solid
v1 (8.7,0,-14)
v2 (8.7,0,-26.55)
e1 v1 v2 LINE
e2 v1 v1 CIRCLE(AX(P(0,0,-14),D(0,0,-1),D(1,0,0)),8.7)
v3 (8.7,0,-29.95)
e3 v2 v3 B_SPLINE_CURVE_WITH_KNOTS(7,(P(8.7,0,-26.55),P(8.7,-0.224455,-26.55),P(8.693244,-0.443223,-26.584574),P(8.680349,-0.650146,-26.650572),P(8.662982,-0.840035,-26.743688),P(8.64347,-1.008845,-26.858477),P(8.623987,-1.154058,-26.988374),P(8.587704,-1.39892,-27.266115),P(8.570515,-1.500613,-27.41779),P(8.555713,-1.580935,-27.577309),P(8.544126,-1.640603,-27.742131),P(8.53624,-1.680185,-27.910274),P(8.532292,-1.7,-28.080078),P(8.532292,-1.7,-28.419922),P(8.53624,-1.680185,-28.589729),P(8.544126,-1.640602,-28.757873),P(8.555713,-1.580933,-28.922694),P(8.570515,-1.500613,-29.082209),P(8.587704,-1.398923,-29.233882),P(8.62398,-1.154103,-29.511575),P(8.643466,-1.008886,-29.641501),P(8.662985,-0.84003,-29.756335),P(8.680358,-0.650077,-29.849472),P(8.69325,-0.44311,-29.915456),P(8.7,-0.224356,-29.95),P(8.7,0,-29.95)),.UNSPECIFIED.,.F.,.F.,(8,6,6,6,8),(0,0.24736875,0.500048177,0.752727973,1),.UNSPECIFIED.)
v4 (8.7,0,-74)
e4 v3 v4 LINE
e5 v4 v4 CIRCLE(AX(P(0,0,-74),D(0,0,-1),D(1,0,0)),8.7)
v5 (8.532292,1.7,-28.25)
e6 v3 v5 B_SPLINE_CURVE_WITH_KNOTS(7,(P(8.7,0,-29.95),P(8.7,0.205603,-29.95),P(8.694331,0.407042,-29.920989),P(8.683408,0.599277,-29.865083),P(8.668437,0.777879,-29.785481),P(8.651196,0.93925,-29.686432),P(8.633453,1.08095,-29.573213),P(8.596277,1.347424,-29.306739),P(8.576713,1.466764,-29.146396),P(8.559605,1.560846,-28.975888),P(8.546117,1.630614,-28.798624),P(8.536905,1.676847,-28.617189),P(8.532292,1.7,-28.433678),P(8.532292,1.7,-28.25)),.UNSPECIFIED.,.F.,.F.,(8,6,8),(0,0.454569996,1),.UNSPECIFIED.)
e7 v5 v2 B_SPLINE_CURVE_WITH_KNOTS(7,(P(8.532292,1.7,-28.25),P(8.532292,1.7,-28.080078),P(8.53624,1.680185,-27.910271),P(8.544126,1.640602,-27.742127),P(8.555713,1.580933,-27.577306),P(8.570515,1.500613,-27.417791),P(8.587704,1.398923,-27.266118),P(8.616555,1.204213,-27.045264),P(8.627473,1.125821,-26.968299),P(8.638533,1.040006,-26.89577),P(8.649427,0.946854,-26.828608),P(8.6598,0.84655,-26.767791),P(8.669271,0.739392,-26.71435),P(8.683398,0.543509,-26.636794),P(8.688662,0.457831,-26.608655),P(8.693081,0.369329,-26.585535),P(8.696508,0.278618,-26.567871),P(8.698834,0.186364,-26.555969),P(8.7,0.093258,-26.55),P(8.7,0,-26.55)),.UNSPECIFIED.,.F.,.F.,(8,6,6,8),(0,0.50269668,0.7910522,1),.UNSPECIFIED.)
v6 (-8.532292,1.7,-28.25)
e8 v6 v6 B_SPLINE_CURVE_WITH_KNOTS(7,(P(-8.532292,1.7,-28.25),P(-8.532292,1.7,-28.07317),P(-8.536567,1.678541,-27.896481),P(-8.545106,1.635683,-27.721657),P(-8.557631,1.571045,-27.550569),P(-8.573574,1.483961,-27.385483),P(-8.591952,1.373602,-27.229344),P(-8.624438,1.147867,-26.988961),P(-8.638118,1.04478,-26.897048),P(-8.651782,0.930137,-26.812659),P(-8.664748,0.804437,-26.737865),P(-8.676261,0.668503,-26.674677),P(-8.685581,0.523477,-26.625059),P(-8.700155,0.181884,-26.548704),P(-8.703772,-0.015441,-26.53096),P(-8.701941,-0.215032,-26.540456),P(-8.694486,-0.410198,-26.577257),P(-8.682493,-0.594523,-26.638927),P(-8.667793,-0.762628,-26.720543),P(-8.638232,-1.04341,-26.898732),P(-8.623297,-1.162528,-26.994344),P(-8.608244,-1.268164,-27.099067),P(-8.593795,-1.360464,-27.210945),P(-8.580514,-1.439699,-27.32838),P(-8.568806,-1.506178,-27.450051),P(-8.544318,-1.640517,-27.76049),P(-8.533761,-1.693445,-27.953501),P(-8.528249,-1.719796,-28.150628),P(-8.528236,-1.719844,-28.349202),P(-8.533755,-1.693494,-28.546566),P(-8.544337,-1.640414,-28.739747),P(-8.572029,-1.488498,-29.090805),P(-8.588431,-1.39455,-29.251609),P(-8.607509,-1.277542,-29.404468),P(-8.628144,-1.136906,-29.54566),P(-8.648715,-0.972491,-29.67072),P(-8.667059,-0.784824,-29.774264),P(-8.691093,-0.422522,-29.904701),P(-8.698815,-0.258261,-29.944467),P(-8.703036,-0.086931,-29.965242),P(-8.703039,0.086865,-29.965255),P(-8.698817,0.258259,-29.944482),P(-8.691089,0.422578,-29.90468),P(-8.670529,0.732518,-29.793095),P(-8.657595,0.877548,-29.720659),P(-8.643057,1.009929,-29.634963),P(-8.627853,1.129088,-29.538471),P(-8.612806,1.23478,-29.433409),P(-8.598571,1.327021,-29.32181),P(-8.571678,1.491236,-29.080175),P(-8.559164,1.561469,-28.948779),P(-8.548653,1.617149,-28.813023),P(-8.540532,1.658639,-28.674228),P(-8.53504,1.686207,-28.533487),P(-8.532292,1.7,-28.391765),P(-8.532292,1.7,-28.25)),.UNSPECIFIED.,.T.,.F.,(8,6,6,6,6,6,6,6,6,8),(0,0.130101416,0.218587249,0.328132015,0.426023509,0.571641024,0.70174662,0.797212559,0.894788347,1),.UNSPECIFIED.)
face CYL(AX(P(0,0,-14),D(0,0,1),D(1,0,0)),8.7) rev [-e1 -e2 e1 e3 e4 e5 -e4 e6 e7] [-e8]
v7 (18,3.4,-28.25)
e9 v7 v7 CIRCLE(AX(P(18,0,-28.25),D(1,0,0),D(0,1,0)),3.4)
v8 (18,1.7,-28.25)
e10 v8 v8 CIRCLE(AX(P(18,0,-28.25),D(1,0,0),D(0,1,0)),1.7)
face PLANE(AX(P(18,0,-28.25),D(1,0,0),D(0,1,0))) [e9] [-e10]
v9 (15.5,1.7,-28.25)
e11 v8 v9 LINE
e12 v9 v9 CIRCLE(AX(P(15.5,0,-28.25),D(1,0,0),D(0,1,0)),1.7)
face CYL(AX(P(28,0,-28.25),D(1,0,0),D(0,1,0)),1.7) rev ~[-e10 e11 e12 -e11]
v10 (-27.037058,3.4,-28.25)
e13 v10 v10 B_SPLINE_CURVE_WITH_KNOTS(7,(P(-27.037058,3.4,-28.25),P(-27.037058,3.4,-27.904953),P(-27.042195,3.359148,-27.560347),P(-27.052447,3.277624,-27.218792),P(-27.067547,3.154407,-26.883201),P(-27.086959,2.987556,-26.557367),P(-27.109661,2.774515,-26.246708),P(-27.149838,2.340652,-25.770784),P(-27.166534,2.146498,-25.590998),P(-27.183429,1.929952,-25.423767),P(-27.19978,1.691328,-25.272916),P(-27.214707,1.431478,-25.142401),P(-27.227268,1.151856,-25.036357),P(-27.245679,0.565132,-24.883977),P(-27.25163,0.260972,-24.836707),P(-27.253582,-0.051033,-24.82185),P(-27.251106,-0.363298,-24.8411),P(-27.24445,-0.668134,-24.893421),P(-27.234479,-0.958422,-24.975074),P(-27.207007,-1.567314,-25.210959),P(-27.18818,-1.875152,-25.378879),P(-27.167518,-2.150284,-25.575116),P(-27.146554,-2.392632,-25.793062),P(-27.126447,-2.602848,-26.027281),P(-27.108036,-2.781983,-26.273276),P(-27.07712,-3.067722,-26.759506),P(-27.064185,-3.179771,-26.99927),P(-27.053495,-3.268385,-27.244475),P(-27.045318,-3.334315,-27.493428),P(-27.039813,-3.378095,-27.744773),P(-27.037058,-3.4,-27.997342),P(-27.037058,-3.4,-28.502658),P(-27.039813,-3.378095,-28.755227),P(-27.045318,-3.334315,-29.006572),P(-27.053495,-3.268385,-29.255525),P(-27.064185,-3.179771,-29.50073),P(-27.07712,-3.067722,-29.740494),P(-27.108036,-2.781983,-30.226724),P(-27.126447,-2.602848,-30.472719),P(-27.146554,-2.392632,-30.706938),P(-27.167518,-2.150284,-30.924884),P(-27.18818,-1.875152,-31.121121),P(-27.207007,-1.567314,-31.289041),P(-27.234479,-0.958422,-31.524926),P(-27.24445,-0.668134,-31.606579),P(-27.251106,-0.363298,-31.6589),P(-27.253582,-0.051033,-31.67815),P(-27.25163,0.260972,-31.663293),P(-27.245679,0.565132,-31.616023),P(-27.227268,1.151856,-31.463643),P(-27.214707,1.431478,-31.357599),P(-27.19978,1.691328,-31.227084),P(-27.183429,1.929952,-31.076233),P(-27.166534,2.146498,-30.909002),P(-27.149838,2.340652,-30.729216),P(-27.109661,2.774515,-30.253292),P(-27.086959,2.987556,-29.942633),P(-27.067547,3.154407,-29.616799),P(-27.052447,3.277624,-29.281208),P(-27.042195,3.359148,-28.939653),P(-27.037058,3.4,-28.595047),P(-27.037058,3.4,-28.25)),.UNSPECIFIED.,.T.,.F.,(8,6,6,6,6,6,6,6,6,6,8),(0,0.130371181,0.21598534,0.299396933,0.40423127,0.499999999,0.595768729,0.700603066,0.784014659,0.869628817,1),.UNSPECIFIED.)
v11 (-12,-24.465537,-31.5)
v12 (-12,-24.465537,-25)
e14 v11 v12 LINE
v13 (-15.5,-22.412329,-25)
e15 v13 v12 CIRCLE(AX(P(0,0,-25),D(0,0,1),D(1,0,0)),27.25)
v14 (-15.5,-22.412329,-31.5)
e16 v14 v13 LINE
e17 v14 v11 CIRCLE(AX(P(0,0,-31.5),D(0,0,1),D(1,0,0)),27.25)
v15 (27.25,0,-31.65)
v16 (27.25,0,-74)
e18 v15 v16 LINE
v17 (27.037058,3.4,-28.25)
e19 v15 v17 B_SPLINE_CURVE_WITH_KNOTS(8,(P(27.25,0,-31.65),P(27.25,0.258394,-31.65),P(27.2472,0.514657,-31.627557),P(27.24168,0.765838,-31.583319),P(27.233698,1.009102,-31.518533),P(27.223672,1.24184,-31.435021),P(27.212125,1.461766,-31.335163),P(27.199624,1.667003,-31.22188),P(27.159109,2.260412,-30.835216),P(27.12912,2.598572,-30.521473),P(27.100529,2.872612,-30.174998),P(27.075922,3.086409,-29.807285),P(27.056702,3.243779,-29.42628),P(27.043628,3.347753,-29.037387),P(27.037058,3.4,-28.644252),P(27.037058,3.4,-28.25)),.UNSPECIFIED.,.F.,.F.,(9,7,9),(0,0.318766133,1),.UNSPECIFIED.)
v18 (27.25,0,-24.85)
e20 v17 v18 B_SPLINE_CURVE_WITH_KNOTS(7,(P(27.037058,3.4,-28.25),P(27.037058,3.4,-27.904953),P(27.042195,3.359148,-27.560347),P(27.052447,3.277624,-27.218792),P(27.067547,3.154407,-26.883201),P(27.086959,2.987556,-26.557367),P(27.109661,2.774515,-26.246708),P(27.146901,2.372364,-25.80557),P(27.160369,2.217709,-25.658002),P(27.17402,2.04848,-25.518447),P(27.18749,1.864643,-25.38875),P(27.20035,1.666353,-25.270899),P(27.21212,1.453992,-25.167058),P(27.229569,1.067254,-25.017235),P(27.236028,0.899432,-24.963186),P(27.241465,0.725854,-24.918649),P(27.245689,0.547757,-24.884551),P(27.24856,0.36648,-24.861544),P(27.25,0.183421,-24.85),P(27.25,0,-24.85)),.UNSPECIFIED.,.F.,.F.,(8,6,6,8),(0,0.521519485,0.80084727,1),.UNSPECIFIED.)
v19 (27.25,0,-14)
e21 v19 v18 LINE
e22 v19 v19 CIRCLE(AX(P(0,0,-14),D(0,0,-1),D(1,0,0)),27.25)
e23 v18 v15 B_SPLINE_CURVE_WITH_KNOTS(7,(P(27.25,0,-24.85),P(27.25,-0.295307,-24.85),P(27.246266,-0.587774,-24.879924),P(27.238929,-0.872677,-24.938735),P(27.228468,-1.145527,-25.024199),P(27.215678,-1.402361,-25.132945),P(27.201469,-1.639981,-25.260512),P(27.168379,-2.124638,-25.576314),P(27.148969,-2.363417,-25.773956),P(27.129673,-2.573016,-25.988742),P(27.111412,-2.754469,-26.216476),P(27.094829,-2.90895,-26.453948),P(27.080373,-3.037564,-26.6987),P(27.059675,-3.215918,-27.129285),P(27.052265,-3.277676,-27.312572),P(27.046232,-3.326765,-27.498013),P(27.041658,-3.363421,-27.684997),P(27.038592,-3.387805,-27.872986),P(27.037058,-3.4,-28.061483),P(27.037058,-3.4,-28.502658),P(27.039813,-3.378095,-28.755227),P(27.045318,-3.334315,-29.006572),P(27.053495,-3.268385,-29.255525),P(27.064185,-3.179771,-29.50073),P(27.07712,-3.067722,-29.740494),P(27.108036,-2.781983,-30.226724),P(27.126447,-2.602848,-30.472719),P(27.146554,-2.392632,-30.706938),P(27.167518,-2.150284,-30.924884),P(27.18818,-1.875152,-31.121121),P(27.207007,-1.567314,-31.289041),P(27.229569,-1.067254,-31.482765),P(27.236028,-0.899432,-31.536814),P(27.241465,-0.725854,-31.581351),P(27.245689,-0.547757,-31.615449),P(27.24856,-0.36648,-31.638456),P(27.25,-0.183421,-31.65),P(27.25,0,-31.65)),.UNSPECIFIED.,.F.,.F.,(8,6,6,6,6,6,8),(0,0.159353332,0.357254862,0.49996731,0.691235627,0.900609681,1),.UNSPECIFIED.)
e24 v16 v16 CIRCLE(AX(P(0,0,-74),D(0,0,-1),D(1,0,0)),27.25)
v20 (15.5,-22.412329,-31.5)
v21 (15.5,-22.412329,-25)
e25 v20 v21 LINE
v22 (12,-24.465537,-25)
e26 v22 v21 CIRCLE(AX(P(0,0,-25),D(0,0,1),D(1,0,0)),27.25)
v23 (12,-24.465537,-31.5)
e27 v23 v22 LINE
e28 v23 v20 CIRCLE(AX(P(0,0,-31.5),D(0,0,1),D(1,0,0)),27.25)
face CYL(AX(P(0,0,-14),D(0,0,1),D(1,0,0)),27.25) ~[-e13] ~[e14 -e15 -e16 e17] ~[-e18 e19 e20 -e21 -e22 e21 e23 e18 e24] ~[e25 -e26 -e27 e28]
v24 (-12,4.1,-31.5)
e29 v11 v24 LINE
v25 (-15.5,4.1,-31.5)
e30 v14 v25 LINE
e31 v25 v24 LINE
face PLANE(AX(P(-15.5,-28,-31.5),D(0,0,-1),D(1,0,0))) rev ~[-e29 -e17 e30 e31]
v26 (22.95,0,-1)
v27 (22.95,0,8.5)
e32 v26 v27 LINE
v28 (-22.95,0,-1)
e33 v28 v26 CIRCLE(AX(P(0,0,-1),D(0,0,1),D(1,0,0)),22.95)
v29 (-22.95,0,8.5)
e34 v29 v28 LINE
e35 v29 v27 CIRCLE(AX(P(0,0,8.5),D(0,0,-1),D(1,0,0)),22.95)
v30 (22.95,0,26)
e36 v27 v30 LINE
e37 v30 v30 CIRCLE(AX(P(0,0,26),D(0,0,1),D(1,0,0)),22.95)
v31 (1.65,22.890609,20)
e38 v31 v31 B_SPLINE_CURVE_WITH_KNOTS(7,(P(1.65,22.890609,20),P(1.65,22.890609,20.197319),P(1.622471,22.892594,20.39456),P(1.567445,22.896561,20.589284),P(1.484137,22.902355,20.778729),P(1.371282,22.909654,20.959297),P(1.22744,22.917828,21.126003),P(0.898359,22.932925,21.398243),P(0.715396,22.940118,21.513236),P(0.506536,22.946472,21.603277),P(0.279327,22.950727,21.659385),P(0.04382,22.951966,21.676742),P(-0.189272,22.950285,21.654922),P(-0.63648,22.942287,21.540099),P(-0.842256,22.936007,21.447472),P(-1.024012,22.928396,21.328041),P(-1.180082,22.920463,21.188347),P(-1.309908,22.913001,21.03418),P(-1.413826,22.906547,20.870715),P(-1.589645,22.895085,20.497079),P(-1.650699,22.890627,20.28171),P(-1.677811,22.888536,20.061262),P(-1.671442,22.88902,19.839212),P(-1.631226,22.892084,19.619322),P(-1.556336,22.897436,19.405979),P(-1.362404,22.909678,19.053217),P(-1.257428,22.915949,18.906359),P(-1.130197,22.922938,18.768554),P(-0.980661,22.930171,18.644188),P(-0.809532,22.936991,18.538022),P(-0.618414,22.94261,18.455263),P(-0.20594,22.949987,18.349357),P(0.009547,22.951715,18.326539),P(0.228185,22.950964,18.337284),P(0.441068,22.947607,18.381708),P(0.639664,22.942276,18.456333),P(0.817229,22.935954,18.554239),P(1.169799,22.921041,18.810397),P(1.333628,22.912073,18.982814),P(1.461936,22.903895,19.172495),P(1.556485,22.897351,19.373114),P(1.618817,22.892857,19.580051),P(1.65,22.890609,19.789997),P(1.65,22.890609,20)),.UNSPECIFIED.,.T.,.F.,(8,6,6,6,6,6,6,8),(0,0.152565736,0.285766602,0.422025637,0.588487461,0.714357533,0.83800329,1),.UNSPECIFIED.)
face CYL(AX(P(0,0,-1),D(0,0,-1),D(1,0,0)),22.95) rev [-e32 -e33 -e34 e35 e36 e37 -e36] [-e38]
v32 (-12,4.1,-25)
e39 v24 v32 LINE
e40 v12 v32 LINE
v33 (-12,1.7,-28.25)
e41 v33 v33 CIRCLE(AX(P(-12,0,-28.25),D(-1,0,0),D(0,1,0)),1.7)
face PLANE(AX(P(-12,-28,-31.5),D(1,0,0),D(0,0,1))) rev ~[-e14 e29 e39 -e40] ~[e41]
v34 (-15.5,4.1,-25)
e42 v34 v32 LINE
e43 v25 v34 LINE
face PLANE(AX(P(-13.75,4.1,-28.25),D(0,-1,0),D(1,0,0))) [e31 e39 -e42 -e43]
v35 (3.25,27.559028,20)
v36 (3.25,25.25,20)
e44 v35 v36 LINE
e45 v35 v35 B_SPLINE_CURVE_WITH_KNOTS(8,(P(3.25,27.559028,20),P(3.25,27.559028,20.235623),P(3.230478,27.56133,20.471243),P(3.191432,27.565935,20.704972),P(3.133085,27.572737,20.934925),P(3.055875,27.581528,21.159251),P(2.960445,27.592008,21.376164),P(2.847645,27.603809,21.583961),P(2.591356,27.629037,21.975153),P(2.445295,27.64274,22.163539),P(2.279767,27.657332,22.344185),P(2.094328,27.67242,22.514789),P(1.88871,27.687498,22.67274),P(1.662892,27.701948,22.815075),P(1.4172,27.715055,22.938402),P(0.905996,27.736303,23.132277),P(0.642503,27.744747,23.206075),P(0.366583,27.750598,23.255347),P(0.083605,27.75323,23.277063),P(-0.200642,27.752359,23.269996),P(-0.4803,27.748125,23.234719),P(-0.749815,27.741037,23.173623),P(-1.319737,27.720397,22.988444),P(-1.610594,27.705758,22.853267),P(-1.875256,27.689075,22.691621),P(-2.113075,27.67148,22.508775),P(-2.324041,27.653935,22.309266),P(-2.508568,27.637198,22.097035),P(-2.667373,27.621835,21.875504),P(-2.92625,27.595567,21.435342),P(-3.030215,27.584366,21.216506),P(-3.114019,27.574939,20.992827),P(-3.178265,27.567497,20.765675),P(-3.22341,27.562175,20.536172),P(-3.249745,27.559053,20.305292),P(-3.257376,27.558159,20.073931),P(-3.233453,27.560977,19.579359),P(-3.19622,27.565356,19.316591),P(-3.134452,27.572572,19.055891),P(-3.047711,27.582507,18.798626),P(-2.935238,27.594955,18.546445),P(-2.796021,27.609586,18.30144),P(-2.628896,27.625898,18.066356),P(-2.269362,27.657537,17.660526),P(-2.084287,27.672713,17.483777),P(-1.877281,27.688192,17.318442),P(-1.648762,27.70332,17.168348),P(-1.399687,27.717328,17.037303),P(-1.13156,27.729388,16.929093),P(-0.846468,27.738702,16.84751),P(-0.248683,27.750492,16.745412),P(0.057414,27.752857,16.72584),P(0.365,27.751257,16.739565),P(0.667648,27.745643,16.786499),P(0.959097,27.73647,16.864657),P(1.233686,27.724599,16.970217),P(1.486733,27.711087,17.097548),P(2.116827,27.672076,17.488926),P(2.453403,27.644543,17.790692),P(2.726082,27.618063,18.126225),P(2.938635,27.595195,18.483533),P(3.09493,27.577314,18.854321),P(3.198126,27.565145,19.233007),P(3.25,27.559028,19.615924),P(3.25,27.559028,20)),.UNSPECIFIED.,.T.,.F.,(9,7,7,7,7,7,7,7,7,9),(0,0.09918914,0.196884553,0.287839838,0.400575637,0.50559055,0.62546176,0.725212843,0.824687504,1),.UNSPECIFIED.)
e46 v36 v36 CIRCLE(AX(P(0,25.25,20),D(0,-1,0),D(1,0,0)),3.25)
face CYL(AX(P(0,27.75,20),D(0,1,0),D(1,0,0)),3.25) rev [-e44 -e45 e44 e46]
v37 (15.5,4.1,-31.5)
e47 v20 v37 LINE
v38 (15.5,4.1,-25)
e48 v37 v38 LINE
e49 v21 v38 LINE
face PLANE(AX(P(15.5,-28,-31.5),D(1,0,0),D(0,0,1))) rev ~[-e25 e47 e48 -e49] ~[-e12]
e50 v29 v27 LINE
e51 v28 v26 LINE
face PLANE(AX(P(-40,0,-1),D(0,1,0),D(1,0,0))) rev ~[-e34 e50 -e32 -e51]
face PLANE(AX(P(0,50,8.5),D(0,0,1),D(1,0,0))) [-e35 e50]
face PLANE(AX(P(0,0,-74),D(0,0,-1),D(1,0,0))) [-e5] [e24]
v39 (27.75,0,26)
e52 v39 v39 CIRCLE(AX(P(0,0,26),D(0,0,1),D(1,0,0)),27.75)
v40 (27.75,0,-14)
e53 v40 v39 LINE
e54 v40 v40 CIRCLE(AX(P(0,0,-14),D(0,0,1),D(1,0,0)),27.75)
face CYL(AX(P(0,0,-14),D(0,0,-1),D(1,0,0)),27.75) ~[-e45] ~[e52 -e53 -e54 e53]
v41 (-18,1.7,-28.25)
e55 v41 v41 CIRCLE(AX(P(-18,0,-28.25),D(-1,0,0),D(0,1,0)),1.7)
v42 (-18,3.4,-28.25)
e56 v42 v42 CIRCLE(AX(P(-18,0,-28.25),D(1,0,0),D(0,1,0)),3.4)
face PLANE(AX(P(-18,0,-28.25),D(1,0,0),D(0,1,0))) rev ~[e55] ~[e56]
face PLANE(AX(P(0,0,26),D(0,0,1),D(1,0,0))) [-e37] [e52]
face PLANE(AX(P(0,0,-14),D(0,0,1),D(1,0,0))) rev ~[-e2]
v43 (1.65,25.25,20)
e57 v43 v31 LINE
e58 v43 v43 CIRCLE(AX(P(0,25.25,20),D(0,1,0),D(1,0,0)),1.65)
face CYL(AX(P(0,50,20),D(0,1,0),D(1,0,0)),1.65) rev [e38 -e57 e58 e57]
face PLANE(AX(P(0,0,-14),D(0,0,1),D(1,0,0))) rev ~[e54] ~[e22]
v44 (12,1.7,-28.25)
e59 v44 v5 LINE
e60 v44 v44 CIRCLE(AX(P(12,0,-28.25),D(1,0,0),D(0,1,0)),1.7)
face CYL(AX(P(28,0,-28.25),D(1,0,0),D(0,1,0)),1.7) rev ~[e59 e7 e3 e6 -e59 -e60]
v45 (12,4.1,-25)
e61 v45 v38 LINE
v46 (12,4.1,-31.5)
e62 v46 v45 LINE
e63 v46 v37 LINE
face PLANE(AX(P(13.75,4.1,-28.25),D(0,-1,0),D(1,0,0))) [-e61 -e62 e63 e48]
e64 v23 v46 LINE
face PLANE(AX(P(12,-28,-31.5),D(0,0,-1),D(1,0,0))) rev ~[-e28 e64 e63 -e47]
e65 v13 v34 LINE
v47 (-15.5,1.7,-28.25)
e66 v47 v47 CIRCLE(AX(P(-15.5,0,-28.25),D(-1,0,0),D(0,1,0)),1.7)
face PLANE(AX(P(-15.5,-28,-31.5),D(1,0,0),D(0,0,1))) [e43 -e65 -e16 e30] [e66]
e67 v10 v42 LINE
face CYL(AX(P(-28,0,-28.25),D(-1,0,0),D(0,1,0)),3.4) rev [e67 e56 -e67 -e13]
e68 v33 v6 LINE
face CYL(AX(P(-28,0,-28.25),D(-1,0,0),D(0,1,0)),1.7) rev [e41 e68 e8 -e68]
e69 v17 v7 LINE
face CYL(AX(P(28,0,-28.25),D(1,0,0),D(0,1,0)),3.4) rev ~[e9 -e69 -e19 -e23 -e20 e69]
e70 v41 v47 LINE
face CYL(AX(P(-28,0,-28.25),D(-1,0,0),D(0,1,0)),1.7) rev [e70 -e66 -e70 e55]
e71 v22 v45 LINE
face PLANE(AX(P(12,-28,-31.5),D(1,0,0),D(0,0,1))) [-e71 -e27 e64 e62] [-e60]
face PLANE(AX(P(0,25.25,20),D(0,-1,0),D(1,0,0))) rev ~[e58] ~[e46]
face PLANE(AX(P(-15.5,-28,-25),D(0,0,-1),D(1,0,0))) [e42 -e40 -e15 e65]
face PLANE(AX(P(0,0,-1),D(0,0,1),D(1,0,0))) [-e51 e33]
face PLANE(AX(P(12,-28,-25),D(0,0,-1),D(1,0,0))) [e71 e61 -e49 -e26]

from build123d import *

# Parameters (mm, degrees)
CYLINDER005_R     = 1.65
CYLINDER005_DEPTH = 50
CYLINDER006_R     = 3.25
CYLINDER006_DEPTH = 2.5
BOX001_W          = 80
BOX001_H          = 100
BOX001_DEPTH      = 9.5
CYLINDER003_R     = 22.95
CYLINDER003_DEPTH = 27
CYLINDER004_R     = 27.75
CYLINDER004_DEPTH = 40
SKETCH006_R       = 27.25
SKETCH006_R_2     = 8.7
PAD_DEPTH         = 60
SKETCH007_W       = 3.5
SKETCH007_H       = 6.5
POCKET007_DEPTH   = 32.1
SKETCH008_R       = 1.7
POCKET008_DEPTH   = 30
SKETCH009_R       = 3.4
POCKET009_DEPTH   = 10
SKETCH010_R       = 1.7
POCKET010_DEPTH   = 30
SKETCH011_R       = 3.4
POCKET011_DEPTH   = 10
SKETCH012_W       = 3.5
SKETCH012_H       = 6.5
POCKET012_DEPTH   = 32.1


with BuildPart() as cylinder:
    # Cylinder005 → Cylinder005 (new body)
    with BuildSketch(Plane(origin=(0, 50, 20), x_dir=(1, 0, 0), z_dir=(0, -1, 0))):
        Circle(CYLINDER005_R)
    extrude(amount=CYLINDER005_DEPTH)


with BuildPart() as cylinder006:
    # Cylinder006 → Cylinder006 (new body)
    with BuildSketch(Plane(origin=(0, 27.75, 20), x_dir=(1, 0, 0), z_dir=(0, -1, 0))):
        Circle(CYLINDER006_R)
    extrude(amount=CYLINDER006_DEPTH)


with BuildPart() as addcube:
    # Box001 → Box001 (new body)
    with BuildSketch(Plane(origin=(-40, 0, -1), x_dir=(1, 0, 0), z_dir=(0, 0, 1))):
        with Locations((40, 50)):
            Rectangle(BOX001_W, BOX001_H)
    extrude(amount=BOX001_DEPTH)


with BuildPart() as fusion003:
    # Cylinder003 → Cylinder003 (new body)
    with BuildSketch(Plane.XY.offset(-1)):
        Circle(CYLINDER003_R)
    extrude(amount=CYLINDER003_DEPTH)

    # Cut004: cut AddCube
    add(addcube.part, mode=Mode.SUBTRACT)

    # Fusion003: union Cylinder, Cylinder006
    add(cylinder.part)
    add(cylinder006.part)


with BuildPart() as mounttopole:
    # Cylinder004 → Cylinder004 (new body)
    with BuildSketch(Plane.XY.offset(-14)):
        Circle(CYLINDER004_R)
    extrude(amount=CYLINDER004_DEPTH)

    # Cut002: cut Fusion003
    add(fusion003.part, mode=Mode.SUBTRACT)

    # Sketch006 (on Face2 of BaseFeature002) → Pad (new body)
    with BuildSketch(Plane(origin=(0, 0, -14), x_dir=(1, 0, 0), z_dir=(0, 0, -1))):
        Circle(SKETCH006_R)
        Circle(SKETCH006_R_2, mode=Mode.SUBTRACT)
    extrude(amount=PAD_DEPTH)

    # Sketch007 → Pocket007 (cut)
    with BuildSketch(Plane.XZ.offset(28)):
        with Locations((13.75, -28.25)):
            Rectangle(SKETCH007_W, SKETCH007_H)
    extrude(amount=-POCKET007_DEPTH, mode=Mode.SUBTRACT)

    # Sketch008 → Pocket008 (cut)
    with BuildSketch(Plane.YZ.offset(28)):
        with Locations((0, -28.25)):
            Circle(SKETCH008_R)
    extrude(amount=-POCKET008_DEPTH, mode=Mode.SUBTRACT)

    # Sketch009 → Pocket009 (cut)
    with BuildSketch(Plane.YZ.offset(28)):
        with Locations((0, -28.25)):
            Circle(SKETCH009_R)
    extrude(amount=-POCKET009_DEPTH, mode=Mode.SUBTRACT)

    # Sketch010 → Pocket010 (cut)
    with BuildSketch(Plane.YZ.offset(-28)):
        with Locations((0, -28.25)):
            Circle(SKETCH010_R)
    extrude(amount=POCKET010_DEPTH, mode=Mode.SUBTRACT)

    # Sketch011 → Pocket011 (cut)
    with BuildSketch(Plane.YZ.offset(-28)):
        with Locations((0, -28.25)):
            Circle(SKETCH011_R)
    extrude(amount=POCKET011_DEPTH, mode=Mode.SUBTRACT)

    # Sketch012 → Pocket012 (cut)
    with BuildSketch(Plane(origin=(0, -28, 2), x_dir=(1, 0, 0), z_dir=(0, -1, 0))):
        with Locations((-13.75, -30.25)):
            Rectangle(SKETCH012_W, SKETCH012_H)
    extrude(amount=-POCKET012_DEPTH, mode=Mode.SUBTRACT)


solid = mounttopole.part
